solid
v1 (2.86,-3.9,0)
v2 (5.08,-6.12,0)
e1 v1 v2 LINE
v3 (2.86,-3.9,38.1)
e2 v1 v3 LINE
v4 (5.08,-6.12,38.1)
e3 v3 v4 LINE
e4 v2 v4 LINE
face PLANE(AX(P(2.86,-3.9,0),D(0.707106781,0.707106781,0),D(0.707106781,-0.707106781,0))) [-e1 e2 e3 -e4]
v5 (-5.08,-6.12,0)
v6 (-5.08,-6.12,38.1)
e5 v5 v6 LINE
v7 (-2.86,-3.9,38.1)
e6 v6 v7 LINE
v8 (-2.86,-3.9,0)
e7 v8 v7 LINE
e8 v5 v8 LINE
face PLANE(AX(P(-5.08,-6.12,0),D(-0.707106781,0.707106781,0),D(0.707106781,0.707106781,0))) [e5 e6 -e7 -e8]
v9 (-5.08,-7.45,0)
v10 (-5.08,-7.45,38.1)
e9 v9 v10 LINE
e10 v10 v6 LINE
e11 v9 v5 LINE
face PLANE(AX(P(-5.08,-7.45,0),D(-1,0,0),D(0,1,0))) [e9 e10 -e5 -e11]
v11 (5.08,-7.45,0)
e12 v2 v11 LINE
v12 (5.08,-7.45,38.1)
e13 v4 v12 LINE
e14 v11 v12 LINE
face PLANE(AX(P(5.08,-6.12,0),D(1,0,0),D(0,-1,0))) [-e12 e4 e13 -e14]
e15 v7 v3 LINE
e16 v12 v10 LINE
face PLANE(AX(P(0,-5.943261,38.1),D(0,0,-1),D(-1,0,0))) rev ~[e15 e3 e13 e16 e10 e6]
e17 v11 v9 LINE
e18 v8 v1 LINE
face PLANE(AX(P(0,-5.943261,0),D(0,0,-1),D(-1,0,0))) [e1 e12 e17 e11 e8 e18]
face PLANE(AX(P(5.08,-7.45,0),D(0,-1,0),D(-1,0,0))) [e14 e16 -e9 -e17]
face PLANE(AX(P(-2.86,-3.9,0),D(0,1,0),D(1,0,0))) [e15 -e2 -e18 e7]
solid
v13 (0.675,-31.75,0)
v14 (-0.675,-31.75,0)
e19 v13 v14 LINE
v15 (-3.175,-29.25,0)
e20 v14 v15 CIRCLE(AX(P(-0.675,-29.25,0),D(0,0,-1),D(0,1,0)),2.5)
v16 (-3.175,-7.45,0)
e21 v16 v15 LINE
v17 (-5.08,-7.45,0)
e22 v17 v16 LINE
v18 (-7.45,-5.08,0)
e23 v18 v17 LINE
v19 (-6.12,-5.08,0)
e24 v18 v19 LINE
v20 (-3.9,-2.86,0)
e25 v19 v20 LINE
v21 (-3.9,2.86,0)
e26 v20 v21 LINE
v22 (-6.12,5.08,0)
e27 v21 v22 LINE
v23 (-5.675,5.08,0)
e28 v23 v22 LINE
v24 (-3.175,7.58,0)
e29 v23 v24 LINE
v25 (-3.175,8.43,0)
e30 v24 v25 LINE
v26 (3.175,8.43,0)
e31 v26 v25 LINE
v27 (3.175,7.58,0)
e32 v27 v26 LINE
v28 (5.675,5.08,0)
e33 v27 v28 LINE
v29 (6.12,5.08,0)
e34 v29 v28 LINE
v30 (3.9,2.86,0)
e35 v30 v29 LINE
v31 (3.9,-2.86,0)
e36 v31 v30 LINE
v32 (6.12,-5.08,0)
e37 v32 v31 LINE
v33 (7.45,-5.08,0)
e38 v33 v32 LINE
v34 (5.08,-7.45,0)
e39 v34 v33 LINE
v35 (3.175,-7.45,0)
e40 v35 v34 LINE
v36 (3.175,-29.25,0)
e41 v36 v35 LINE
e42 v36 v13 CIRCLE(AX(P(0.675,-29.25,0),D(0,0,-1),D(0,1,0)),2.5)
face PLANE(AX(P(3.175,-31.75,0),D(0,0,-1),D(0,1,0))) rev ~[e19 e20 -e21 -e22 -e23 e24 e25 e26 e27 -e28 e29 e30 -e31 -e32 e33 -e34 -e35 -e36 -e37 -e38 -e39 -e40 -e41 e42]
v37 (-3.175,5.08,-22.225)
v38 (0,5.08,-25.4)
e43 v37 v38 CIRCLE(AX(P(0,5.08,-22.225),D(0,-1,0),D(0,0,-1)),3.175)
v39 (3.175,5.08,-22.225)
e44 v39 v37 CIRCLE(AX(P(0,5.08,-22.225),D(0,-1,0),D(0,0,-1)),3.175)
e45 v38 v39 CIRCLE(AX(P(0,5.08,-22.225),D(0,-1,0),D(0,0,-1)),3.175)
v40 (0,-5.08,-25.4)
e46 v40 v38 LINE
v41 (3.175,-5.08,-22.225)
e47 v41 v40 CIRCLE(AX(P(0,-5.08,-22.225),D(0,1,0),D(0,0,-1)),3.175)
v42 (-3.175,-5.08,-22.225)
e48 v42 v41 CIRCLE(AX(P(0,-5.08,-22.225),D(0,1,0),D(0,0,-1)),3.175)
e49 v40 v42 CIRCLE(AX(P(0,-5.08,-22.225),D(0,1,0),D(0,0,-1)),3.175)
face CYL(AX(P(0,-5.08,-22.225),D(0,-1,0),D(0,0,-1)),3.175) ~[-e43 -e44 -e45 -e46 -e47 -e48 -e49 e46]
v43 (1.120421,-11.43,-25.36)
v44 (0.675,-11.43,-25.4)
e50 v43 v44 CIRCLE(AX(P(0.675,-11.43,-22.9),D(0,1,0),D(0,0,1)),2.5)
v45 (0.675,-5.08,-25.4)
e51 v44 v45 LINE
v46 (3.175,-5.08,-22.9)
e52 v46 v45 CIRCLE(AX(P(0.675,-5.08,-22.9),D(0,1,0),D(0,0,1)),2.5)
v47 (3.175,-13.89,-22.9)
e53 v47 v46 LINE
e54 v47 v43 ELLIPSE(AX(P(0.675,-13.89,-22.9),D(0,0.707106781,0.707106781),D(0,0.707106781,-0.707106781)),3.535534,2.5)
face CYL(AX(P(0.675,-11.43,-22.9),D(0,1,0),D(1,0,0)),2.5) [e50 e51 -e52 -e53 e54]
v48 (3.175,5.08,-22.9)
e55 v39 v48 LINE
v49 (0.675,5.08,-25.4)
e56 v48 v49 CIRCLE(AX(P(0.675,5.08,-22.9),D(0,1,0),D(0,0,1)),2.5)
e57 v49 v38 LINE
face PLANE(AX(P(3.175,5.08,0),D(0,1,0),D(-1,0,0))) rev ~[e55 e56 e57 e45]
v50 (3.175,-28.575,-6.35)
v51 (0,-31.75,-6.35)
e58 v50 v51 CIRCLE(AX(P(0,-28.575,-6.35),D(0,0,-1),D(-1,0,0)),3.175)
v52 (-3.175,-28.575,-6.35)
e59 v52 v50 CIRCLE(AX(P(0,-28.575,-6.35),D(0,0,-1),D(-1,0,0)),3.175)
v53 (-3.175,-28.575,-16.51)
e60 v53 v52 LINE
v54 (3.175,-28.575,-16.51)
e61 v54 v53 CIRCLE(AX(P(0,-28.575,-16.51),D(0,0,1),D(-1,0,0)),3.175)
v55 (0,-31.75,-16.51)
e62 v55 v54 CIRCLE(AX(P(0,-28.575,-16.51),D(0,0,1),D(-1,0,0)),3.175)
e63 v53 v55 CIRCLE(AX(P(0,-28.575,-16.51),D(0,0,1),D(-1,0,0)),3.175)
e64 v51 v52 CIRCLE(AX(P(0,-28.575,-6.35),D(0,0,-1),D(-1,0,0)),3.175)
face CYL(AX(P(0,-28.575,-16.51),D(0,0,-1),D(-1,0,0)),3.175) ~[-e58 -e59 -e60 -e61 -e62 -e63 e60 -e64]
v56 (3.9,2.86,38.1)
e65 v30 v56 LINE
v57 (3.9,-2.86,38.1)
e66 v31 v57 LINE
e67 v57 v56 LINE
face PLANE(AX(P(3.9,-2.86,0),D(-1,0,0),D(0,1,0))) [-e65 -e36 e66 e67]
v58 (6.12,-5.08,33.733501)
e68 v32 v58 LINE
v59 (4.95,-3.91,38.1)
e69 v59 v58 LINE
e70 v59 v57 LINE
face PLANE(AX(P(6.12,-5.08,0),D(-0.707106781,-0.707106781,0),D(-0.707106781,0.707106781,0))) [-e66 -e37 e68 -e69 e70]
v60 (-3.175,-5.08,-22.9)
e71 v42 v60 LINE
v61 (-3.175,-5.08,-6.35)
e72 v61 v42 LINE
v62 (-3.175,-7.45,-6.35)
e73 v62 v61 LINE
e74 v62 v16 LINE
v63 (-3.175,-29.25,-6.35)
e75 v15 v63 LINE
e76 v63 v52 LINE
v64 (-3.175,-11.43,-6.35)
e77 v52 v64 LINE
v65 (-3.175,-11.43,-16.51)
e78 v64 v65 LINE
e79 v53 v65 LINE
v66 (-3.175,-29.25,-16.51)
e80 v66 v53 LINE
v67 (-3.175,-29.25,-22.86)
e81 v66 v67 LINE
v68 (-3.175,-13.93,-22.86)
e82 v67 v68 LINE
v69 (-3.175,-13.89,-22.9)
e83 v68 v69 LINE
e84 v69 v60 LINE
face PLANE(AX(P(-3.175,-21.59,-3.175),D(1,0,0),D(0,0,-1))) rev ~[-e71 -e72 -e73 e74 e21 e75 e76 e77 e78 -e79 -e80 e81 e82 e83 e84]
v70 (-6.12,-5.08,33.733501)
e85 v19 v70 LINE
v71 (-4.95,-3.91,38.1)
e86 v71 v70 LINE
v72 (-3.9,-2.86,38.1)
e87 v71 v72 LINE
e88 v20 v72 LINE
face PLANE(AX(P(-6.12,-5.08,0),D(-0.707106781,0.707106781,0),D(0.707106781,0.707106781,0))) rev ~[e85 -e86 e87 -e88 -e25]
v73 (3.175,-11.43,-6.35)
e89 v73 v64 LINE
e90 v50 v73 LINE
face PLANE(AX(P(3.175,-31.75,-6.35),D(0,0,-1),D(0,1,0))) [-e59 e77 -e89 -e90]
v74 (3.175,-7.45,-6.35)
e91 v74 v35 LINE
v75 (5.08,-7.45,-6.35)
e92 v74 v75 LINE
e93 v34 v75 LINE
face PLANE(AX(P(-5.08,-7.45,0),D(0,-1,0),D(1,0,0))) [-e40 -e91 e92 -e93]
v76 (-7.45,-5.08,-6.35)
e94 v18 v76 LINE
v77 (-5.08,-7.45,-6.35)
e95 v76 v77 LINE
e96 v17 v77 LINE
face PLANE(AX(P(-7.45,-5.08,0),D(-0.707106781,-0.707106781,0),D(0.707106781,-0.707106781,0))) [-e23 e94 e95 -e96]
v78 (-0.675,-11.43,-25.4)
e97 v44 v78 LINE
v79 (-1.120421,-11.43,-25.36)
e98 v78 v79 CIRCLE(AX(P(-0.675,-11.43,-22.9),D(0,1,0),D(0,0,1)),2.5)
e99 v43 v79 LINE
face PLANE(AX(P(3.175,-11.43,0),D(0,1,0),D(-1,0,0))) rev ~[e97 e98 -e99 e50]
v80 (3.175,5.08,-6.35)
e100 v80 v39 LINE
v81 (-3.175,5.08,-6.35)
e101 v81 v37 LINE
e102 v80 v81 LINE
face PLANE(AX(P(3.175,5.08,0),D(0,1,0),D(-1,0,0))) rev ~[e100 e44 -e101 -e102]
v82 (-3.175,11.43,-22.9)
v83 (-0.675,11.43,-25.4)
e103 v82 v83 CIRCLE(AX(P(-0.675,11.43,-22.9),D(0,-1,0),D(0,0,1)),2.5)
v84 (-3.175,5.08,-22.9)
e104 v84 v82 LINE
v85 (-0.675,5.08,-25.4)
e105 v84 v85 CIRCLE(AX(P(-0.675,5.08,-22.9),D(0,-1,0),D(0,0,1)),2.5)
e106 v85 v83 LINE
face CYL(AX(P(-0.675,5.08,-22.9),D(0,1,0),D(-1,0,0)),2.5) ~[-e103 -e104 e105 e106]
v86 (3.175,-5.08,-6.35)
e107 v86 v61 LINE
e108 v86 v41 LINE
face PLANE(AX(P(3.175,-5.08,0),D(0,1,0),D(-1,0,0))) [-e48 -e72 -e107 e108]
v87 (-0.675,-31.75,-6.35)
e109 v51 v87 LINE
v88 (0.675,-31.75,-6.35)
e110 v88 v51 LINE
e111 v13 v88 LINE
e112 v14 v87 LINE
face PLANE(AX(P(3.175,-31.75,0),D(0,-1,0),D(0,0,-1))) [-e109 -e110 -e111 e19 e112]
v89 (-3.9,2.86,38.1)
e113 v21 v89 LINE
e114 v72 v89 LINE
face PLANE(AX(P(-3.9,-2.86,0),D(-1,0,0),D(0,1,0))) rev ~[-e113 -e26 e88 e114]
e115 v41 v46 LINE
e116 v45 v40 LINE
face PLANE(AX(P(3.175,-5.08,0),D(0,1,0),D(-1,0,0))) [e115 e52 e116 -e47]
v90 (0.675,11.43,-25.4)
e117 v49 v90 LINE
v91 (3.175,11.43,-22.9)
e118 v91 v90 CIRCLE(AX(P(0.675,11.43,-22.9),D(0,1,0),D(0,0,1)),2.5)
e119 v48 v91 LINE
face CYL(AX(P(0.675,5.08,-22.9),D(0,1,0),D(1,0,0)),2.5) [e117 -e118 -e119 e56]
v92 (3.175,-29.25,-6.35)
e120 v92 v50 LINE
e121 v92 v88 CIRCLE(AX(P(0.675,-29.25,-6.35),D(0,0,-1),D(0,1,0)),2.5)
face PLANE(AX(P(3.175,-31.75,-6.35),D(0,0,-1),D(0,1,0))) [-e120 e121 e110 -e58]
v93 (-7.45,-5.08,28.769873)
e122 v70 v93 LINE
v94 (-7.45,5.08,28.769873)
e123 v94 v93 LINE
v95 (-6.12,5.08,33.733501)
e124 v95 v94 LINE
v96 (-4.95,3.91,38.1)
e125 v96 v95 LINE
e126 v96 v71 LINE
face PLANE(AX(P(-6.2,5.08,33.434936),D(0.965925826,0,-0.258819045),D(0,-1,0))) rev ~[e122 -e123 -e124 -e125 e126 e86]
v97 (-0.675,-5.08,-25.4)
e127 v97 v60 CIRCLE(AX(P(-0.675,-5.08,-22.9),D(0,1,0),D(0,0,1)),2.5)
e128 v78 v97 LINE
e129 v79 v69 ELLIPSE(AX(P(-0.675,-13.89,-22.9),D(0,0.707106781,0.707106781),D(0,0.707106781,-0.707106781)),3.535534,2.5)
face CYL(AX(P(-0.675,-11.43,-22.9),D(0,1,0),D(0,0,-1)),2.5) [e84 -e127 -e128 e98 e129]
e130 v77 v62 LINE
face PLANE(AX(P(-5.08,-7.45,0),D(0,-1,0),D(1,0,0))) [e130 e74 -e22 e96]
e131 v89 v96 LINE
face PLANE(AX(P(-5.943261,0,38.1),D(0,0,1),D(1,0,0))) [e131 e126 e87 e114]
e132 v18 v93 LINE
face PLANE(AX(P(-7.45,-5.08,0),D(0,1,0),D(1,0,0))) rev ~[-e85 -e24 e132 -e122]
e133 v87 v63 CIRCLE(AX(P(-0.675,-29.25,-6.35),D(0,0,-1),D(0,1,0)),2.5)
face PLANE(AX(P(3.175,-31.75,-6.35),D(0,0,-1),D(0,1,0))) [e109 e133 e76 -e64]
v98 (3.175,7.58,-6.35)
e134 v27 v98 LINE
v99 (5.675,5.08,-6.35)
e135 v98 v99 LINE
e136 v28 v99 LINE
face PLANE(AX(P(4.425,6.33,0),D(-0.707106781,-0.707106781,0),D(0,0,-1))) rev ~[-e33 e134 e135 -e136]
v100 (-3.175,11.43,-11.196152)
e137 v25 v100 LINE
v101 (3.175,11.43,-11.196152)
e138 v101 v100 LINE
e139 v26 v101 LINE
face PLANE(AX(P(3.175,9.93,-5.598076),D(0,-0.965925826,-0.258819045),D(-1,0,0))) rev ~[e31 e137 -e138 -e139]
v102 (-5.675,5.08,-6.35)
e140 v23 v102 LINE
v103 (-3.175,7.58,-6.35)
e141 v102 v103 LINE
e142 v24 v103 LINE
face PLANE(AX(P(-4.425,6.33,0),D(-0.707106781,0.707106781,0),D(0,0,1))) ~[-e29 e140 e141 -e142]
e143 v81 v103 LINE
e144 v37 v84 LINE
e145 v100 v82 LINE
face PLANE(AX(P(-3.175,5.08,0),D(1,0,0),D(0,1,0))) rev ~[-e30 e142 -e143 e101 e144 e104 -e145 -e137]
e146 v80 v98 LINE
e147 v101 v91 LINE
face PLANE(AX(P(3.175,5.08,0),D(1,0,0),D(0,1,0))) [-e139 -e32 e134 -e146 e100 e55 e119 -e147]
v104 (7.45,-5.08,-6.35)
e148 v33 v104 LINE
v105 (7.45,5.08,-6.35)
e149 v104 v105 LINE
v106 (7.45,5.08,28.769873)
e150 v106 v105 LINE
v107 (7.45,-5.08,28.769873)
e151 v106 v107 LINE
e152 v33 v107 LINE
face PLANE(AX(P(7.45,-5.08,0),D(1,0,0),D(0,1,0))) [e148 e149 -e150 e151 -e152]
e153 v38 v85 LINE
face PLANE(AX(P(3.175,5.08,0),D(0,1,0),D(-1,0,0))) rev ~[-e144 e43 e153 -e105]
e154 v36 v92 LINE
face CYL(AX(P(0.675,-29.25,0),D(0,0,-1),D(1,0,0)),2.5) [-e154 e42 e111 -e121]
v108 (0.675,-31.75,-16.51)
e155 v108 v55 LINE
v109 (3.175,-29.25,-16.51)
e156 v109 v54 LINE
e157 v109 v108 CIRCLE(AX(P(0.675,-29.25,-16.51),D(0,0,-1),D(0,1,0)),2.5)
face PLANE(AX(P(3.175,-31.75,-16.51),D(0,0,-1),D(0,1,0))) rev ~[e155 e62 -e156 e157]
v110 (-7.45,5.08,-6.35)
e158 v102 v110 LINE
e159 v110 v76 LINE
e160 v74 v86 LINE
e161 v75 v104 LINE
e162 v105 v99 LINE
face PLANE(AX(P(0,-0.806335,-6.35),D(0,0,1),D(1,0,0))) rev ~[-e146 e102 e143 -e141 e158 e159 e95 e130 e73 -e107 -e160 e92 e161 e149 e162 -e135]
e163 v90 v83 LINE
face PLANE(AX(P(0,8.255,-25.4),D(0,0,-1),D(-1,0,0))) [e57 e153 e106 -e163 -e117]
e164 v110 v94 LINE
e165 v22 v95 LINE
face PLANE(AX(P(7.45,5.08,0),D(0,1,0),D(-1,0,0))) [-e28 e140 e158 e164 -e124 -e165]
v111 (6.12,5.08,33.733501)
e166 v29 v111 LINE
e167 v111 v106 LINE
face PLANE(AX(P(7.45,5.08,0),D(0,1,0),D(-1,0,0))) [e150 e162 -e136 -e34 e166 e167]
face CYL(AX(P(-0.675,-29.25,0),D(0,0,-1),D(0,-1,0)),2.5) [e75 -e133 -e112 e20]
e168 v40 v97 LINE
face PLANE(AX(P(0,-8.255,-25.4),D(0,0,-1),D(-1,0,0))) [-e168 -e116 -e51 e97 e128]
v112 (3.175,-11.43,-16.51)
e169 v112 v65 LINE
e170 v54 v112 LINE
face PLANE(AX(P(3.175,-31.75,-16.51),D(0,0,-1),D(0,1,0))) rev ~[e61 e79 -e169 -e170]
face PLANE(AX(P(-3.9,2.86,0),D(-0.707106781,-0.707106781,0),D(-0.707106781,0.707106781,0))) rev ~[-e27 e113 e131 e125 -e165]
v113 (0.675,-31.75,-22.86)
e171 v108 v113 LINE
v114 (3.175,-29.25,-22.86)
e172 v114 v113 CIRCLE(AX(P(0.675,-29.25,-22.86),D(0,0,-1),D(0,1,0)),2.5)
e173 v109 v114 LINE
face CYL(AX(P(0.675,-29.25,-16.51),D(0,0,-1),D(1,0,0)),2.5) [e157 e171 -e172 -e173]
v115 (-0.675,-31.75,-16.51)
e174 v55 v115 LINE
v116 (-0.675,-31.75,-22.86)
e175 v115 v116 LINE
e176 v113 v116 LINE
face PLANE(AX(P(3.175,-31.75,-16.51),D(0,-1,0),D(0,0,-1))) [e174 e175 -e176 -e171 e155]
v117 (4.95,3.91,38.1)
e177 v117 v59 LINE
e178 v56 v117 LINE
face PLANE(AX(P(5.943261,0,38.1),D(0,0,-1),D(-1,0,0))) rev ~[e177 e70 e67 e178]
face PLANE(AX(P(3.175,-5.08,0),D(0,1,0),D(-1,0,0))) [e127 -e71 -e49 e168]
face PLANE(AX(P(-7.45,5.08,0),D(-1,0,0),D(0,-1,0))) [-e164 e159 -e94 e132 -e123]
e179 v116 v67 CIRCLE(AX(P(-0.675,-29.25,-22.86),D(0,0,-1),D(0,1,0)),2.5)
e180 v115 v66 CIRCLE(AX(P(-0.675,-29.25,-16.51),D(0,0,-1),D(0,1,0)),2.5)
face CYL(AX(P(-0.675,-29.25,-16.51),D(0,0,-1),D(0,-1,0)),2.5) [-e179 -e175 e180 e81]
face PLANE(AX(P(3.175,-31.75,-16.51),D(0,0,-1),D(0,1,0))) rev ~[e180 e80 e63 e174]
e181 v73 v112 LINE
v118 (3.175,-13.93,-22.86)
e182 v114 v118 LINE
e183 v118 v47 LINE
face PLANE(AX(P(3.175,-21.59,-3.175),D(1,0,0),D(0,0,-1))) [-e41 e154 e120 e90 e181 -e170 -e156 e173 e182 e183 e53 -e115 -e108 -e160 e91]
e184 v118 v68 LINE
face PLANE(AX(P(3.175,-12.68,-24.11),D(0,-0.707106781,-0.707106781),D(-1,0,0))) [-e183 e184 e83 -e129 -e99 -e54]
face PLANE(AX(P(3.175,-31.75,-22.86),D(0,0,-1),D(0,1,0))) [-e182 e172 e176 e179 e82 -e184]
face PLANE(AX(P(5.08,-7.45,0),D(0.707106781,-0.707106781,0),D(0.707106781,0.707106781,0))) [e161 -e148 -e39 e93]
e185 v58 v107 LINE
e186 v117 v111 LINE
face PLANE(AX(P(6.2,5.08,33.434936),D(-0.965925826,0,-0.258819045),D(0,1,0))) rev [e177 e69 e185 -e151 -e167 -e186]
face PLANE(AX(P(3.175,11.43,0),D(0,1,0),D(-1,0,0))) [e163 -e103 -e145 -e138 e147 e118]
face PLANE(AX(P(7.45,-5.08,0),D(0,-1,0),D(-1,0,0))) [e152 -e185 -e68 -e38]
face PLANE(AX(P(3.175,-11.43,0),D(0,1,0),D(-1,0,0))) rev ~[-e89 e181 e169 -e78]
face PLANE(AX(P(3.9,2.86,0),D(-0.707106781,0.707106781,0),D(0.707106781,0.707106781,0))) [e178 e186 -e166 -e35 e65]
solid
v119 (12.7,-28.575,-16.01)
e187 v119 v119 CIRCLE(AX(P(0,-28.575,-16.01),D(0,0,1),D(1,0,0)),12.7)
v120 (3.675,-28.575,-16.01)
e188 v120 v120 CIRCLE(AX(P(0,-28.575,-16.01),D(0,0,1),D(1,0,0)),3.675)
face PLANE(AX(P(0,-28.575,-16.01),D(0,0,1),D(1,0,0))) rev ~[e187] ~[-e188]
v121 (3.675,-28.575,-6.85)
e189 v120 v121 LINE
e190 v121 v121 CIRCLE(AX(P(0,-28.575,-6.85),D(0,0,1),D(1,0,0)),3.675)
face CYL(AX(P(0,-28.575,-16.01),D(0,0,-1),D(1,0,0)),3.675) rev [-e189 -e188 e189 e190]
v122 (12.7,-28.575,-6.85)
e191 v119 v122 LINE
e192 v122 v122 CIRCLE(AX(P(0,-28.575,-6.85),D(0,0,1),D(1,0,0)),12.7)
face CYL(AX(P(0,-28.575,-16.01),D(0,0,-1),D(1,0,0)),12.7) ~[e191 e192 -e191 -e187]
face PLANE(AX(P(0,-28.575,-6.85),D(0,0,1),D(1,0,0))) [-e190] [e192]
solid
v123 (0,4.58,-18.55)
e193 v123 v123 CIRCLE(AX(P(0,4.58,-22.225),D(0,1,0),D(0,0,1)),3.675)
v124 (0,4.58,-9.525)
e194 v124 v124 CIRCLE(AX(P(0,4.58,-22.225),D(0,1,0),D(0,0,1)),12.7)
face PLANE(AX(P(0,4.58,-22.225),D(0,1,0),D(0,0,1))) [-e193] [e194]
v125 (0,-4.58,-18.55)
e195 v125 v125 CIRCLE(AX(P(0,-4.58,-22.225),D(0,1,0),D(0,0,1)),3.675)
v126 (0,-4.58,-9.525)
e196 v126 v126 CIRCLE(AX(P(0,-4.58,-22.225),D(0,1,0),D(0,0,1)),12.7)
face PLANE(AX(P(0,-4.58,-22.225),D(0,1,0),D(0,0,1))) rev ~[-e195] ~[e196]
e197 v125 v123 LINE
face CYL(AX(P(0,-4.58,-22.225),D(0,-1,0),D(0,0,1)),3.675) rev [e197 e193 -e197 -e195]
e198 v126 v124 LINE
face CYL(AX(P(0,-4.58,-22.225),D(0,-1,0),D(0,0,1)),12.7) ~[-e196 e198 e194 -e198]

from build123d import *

# Parameters (mm, degrees)
BOSS_EXTRUDE1_DEPTH   = 38.1
BOSS_EXTRUDE1_2_DEPTH = 38.1
BOSS_EXTRUDE1_3_DEPTH = 38.1
CHAMFER1_SIZE         = 2.5
CHAMFER1_SIZE2        = 9.330127019
CHAMFER2_SIZE         = 2.5
CHAMFER2_SIZE2        = 9.330127019
BOSS_EXTRUDE2_DEPTH   = 6.35
BOSS_EXTRUDE3_START   = -6.35
SKETCH4_W             = 6.35
SKETCH4_H             = 6.35
BOSS_EXTRUDE3_DEPTH   = 25.4
BOSS_EXTRUDE4_REACH   = 44.186
SKETCH5_R             = 3.175
BOSS_EXTRUDE5_START   = 0.5
SKETCH6_R             = 12.7
SKETCH6_R_2           = 3.675
BOSS_EXTRUDE5_DEPTH   = 9.16
SKETCH7_W             = 6.35
SKETCH7_H             = 20.32
BOSS_EXTRUDE6_DEPTH   = 6.35
BOSS_EXTRUDE7_REACH   = 66.433
SKETCH8_R             = 3.175
BOSS_EXTRUDE8_START   = 0.5
SKETCH9_R             = 12.7
SKETCH9_R_2           = 3.675
BOSS_EXTRUDE8_DEPTH   = 9.16
CHAMFER3_SIZE         = 2.5
FILLET1_R             = 2.5
CHAMFER4_SIZE         = 3
CHAMFER4_SIZE2        = 11.196152423


with BuildPart() as part:
    # Sketch1 → Boss-Extrude1 (new body)
    with BuildSketch(Plane.XY):
        Polygon((6.12, -5.08), (3.9, -2.86), (3.9, 2.86), (6.12, 5.08), (7.45, 5.08), (7.45, -5.08), align=None)
    extrude(amount=BOSS_EXTRUDE1_DEPTH)

    # Chamfer1
    chamfer1_edges = [part.edges().sort_by_distance(p)[0] for p in [
        (7.45, 0, 38.1),
    ]]
    chamfer1_side = [part.faces().sort_by_distance(p)[0] for p in [
        (5.838807306, 0, 38.1),
    ]]
    chamfer(chamfer1_edges, length=CHAMFER1_SIZE, length2=CHAMFER1_SIZE2, reference=chamfer1_side[0])



with BuildPart() as body_2:
    # Sketch1 → Boss-Extrude1 2 (new body)
    with BuildSketch(Plane.XY):
        Polygon((-6.12, -5.08), (-3.9, -2.86), (-3.9, 2.86), (-6.12, 5.08), (-7.45, 5.08), (-7.45, -5.08), align=None)
    extrude(amount=BOSS_EXTRUDE1_2_DEPTH)

    # Chamfer2
    chamfer2_edges = [body_2.edges().sort_by_distance(p)[0] for p in [
        (-7.45, 0, 38.1),
    ]]
    chamfer2_side = [body_2.faces().sort_by_distance(p)[0] for p in [
        (-5.838807306, 0, 38.1),
    ]]
    chamfer(chamfer2_edges, length=CHAMFER2_SIZE, length2=CHAMFER2_SIZE2, reference=chamfer2_side[0])


with BuildPart() as body_3:
    # Sketch1 → Boss-Extrude1 3 (new body)
    with BuildSketch(Plane.XY):
        Polygon((5.08, -7.45), (-5.08, -7.45), (-5.08, -6.12), (-2.86, -3.9), (2.86, -3.9), (5.08, -6.12), align=None)
    extrude(amount=BOSS_EXTRUDE1_3_DEPTH)


with BuildPart() as part_1:
    add(part.part)

    add(body_2.part)  # Boss-Extrude2 merges body 2
    # Sketch3 → Boss-Extrude2 (add)
    with BuildSketch(Plane.XY):
        Polygon((7.45, 5.08), (-7.45, 5.08), (-7.45, -5.08), (-5.08, -7.45), (5.08, -7.45), (7.45, -5.08), align=None)
    extrude(amount=-BOSS_EXTRUDE2_DEPTH)

    # Sketch4 → Boss-Extrude3 (add)
    with BuildSketch(Plane(origin=(0, 0, -6.35), x_dir=(-1, 0, 0), z_dir=(0, 0, -1)).offset(BOSS_EXTRUDE3_START)):
        with Locations((0, 8.255)):
            Rectangle(SKETCH4_W, SKETCH4_H)
        with Locations((0, -8.255)):
            Rectangle(SKETCH4_W, SKETCH4_H)
    extrude(amount=BOSS_EXTRUDE3_DEPTH)

    # Sketch5 → Boss-Extrude4 (add, up to next)
    with BuildSketch(Plane(origin=(0, -5.08, 0), x_dir=(1, 0, 0), z_dir=(0, 1, 0)), mode=Mode.PRIVATE) as boss_extrude4_sk1:
        with Locations(Location((0, 22.225, 0), (0, 0, 90))):
            Circle(SKETCH5_R)
    boss_extrude4_tool1 = extrude(boss_extrude4_sk1.sketch, amount=BOSS_EXTRUDE4_REACH, mode=Mode.PRIVATE) - part_1.part
    add(boss_extrude4_tool1.solids().sort_by_distance((0, -5.08, -22.225))[0])

    # Sketch7 → Boss-Extrude6 (add)
    with BuildSketch(Plane(origin=(3.175, 0, 0), x_dir=(0, 0, -1), z_dir=(1, 0, 0))):
        with Locations((3.175, -21.59)):
            Rectangle(SKETCH7_W, SKETCH7_H)
        with Locations((19.685, -21.59)):
            Rectangle(SKETCH7_W, SKETCH7_H)
    extrude(amount=-BOSS_EXTRUDE6_DEPTH)

    # Sketch8 → Boss-Extrude7 (add, up to next)
    with BuildSketch(Plane.XY.offset(-16.51), mode=Mode.PRIVATE) as boss_extrude7_sk1:
        with Locations(Location((0, -28.575, 0), (0, 0, 180))):
            Circle(SKETCH8_R)
    boss_extrude7_tool1 = extrude(boss_extrude7_sk1.sketch, amount=BOSS_EXTRUDE7_REACH, mode=Mode.PRIVATE) - part_1.part
    add(boss_extrude7_tool1.solids().sort_by_distance((0, -28.575, -16.51))[0])

    # Chamfer3
    chamfer3_edges = [part_1.edges().sort_by_distance(p)[0] for p in [
        (0, -11.43, -22.86),
        (3.175, 5.08, -3.175),
        (-3.175, 5.08, -3.175),
    ]]
    chamfer(chamfer3_edges, length=CHAMFER3_SIZE)

    # Fillet1
    fillet1_edges = [part_1.edges().sort_by_distance(p)[0] for p in [
        (-3.175, -8.255, -25.4),
        (3.175, -8.255, -25.4),
        (-3.175, 8.255, -25.4),
        (3.175, 8.255, -25.4),
        (-3.175, -31.75, -3.175),
        (3.175, -31.75, -3.175),
        (-3.175, -31.75, -19.685),
        (3.175, -31.75, -19.685),
    ]]
    fillet(fillet1_edges, radius=FILLET1_R)

    # Chamfer4
    chamfer4_edges = [part_1.edges().sort_by_distance(p)[0] for p in [
        (0, 11.43, 0),
    ]]
    chamfer4_side = [part_1.faces().sort_by_distance(p)[0] for p in [
        (0, -8.69005842, 0),
    ]]
    chamfer(chamfer4_edges, length=CHAMFER4_SIZE, length2=CHAMFER4_SIZE2, reference=chamfer4_side[0])


with BuildPart() as body_3_2:
    # Sketch6 → Boss-Extrude5 (new body)
    with BuildSketch(Plane(origin=(0, -5.08, 0), x_dir=(1, 0, 0), z_dir=(0, 1, 0)).offset(BOSS_EXTRUDE5_START)):
        with Locations(Location((0, 22.225, 0), (0, 0, 270))):
            Circle(SKETCH6_R)
        with Locations(Location((0, 22.225, 0), (0, 0, 270))):
            Circle(SKETCH6_R_2, mode=Mode.SUBTRACT)
    extrude(amount=BOSS_EXTRUDE5_DEPTH)


with BuildPart() as body_4:
    # Sketch9 → Boss-Extrude8 (new body)
    with BuildSketch(Plane.XY.offset(-16.51).offset(BOSS_EXTRUDE8_START)):
        with Locations((0, -28.575)):
            Circle(SKETCH9_R)
        with Locations((0, -28.575)):
            Circle(SKETCH9_R_2, mode=Mode.SUBTRACT)
    extrude(amount=BOSS_EXTRUDE8_DEPTH)


solid = Compound([body_3.part, part_1.part, body_3_2.part, body_4.part])
